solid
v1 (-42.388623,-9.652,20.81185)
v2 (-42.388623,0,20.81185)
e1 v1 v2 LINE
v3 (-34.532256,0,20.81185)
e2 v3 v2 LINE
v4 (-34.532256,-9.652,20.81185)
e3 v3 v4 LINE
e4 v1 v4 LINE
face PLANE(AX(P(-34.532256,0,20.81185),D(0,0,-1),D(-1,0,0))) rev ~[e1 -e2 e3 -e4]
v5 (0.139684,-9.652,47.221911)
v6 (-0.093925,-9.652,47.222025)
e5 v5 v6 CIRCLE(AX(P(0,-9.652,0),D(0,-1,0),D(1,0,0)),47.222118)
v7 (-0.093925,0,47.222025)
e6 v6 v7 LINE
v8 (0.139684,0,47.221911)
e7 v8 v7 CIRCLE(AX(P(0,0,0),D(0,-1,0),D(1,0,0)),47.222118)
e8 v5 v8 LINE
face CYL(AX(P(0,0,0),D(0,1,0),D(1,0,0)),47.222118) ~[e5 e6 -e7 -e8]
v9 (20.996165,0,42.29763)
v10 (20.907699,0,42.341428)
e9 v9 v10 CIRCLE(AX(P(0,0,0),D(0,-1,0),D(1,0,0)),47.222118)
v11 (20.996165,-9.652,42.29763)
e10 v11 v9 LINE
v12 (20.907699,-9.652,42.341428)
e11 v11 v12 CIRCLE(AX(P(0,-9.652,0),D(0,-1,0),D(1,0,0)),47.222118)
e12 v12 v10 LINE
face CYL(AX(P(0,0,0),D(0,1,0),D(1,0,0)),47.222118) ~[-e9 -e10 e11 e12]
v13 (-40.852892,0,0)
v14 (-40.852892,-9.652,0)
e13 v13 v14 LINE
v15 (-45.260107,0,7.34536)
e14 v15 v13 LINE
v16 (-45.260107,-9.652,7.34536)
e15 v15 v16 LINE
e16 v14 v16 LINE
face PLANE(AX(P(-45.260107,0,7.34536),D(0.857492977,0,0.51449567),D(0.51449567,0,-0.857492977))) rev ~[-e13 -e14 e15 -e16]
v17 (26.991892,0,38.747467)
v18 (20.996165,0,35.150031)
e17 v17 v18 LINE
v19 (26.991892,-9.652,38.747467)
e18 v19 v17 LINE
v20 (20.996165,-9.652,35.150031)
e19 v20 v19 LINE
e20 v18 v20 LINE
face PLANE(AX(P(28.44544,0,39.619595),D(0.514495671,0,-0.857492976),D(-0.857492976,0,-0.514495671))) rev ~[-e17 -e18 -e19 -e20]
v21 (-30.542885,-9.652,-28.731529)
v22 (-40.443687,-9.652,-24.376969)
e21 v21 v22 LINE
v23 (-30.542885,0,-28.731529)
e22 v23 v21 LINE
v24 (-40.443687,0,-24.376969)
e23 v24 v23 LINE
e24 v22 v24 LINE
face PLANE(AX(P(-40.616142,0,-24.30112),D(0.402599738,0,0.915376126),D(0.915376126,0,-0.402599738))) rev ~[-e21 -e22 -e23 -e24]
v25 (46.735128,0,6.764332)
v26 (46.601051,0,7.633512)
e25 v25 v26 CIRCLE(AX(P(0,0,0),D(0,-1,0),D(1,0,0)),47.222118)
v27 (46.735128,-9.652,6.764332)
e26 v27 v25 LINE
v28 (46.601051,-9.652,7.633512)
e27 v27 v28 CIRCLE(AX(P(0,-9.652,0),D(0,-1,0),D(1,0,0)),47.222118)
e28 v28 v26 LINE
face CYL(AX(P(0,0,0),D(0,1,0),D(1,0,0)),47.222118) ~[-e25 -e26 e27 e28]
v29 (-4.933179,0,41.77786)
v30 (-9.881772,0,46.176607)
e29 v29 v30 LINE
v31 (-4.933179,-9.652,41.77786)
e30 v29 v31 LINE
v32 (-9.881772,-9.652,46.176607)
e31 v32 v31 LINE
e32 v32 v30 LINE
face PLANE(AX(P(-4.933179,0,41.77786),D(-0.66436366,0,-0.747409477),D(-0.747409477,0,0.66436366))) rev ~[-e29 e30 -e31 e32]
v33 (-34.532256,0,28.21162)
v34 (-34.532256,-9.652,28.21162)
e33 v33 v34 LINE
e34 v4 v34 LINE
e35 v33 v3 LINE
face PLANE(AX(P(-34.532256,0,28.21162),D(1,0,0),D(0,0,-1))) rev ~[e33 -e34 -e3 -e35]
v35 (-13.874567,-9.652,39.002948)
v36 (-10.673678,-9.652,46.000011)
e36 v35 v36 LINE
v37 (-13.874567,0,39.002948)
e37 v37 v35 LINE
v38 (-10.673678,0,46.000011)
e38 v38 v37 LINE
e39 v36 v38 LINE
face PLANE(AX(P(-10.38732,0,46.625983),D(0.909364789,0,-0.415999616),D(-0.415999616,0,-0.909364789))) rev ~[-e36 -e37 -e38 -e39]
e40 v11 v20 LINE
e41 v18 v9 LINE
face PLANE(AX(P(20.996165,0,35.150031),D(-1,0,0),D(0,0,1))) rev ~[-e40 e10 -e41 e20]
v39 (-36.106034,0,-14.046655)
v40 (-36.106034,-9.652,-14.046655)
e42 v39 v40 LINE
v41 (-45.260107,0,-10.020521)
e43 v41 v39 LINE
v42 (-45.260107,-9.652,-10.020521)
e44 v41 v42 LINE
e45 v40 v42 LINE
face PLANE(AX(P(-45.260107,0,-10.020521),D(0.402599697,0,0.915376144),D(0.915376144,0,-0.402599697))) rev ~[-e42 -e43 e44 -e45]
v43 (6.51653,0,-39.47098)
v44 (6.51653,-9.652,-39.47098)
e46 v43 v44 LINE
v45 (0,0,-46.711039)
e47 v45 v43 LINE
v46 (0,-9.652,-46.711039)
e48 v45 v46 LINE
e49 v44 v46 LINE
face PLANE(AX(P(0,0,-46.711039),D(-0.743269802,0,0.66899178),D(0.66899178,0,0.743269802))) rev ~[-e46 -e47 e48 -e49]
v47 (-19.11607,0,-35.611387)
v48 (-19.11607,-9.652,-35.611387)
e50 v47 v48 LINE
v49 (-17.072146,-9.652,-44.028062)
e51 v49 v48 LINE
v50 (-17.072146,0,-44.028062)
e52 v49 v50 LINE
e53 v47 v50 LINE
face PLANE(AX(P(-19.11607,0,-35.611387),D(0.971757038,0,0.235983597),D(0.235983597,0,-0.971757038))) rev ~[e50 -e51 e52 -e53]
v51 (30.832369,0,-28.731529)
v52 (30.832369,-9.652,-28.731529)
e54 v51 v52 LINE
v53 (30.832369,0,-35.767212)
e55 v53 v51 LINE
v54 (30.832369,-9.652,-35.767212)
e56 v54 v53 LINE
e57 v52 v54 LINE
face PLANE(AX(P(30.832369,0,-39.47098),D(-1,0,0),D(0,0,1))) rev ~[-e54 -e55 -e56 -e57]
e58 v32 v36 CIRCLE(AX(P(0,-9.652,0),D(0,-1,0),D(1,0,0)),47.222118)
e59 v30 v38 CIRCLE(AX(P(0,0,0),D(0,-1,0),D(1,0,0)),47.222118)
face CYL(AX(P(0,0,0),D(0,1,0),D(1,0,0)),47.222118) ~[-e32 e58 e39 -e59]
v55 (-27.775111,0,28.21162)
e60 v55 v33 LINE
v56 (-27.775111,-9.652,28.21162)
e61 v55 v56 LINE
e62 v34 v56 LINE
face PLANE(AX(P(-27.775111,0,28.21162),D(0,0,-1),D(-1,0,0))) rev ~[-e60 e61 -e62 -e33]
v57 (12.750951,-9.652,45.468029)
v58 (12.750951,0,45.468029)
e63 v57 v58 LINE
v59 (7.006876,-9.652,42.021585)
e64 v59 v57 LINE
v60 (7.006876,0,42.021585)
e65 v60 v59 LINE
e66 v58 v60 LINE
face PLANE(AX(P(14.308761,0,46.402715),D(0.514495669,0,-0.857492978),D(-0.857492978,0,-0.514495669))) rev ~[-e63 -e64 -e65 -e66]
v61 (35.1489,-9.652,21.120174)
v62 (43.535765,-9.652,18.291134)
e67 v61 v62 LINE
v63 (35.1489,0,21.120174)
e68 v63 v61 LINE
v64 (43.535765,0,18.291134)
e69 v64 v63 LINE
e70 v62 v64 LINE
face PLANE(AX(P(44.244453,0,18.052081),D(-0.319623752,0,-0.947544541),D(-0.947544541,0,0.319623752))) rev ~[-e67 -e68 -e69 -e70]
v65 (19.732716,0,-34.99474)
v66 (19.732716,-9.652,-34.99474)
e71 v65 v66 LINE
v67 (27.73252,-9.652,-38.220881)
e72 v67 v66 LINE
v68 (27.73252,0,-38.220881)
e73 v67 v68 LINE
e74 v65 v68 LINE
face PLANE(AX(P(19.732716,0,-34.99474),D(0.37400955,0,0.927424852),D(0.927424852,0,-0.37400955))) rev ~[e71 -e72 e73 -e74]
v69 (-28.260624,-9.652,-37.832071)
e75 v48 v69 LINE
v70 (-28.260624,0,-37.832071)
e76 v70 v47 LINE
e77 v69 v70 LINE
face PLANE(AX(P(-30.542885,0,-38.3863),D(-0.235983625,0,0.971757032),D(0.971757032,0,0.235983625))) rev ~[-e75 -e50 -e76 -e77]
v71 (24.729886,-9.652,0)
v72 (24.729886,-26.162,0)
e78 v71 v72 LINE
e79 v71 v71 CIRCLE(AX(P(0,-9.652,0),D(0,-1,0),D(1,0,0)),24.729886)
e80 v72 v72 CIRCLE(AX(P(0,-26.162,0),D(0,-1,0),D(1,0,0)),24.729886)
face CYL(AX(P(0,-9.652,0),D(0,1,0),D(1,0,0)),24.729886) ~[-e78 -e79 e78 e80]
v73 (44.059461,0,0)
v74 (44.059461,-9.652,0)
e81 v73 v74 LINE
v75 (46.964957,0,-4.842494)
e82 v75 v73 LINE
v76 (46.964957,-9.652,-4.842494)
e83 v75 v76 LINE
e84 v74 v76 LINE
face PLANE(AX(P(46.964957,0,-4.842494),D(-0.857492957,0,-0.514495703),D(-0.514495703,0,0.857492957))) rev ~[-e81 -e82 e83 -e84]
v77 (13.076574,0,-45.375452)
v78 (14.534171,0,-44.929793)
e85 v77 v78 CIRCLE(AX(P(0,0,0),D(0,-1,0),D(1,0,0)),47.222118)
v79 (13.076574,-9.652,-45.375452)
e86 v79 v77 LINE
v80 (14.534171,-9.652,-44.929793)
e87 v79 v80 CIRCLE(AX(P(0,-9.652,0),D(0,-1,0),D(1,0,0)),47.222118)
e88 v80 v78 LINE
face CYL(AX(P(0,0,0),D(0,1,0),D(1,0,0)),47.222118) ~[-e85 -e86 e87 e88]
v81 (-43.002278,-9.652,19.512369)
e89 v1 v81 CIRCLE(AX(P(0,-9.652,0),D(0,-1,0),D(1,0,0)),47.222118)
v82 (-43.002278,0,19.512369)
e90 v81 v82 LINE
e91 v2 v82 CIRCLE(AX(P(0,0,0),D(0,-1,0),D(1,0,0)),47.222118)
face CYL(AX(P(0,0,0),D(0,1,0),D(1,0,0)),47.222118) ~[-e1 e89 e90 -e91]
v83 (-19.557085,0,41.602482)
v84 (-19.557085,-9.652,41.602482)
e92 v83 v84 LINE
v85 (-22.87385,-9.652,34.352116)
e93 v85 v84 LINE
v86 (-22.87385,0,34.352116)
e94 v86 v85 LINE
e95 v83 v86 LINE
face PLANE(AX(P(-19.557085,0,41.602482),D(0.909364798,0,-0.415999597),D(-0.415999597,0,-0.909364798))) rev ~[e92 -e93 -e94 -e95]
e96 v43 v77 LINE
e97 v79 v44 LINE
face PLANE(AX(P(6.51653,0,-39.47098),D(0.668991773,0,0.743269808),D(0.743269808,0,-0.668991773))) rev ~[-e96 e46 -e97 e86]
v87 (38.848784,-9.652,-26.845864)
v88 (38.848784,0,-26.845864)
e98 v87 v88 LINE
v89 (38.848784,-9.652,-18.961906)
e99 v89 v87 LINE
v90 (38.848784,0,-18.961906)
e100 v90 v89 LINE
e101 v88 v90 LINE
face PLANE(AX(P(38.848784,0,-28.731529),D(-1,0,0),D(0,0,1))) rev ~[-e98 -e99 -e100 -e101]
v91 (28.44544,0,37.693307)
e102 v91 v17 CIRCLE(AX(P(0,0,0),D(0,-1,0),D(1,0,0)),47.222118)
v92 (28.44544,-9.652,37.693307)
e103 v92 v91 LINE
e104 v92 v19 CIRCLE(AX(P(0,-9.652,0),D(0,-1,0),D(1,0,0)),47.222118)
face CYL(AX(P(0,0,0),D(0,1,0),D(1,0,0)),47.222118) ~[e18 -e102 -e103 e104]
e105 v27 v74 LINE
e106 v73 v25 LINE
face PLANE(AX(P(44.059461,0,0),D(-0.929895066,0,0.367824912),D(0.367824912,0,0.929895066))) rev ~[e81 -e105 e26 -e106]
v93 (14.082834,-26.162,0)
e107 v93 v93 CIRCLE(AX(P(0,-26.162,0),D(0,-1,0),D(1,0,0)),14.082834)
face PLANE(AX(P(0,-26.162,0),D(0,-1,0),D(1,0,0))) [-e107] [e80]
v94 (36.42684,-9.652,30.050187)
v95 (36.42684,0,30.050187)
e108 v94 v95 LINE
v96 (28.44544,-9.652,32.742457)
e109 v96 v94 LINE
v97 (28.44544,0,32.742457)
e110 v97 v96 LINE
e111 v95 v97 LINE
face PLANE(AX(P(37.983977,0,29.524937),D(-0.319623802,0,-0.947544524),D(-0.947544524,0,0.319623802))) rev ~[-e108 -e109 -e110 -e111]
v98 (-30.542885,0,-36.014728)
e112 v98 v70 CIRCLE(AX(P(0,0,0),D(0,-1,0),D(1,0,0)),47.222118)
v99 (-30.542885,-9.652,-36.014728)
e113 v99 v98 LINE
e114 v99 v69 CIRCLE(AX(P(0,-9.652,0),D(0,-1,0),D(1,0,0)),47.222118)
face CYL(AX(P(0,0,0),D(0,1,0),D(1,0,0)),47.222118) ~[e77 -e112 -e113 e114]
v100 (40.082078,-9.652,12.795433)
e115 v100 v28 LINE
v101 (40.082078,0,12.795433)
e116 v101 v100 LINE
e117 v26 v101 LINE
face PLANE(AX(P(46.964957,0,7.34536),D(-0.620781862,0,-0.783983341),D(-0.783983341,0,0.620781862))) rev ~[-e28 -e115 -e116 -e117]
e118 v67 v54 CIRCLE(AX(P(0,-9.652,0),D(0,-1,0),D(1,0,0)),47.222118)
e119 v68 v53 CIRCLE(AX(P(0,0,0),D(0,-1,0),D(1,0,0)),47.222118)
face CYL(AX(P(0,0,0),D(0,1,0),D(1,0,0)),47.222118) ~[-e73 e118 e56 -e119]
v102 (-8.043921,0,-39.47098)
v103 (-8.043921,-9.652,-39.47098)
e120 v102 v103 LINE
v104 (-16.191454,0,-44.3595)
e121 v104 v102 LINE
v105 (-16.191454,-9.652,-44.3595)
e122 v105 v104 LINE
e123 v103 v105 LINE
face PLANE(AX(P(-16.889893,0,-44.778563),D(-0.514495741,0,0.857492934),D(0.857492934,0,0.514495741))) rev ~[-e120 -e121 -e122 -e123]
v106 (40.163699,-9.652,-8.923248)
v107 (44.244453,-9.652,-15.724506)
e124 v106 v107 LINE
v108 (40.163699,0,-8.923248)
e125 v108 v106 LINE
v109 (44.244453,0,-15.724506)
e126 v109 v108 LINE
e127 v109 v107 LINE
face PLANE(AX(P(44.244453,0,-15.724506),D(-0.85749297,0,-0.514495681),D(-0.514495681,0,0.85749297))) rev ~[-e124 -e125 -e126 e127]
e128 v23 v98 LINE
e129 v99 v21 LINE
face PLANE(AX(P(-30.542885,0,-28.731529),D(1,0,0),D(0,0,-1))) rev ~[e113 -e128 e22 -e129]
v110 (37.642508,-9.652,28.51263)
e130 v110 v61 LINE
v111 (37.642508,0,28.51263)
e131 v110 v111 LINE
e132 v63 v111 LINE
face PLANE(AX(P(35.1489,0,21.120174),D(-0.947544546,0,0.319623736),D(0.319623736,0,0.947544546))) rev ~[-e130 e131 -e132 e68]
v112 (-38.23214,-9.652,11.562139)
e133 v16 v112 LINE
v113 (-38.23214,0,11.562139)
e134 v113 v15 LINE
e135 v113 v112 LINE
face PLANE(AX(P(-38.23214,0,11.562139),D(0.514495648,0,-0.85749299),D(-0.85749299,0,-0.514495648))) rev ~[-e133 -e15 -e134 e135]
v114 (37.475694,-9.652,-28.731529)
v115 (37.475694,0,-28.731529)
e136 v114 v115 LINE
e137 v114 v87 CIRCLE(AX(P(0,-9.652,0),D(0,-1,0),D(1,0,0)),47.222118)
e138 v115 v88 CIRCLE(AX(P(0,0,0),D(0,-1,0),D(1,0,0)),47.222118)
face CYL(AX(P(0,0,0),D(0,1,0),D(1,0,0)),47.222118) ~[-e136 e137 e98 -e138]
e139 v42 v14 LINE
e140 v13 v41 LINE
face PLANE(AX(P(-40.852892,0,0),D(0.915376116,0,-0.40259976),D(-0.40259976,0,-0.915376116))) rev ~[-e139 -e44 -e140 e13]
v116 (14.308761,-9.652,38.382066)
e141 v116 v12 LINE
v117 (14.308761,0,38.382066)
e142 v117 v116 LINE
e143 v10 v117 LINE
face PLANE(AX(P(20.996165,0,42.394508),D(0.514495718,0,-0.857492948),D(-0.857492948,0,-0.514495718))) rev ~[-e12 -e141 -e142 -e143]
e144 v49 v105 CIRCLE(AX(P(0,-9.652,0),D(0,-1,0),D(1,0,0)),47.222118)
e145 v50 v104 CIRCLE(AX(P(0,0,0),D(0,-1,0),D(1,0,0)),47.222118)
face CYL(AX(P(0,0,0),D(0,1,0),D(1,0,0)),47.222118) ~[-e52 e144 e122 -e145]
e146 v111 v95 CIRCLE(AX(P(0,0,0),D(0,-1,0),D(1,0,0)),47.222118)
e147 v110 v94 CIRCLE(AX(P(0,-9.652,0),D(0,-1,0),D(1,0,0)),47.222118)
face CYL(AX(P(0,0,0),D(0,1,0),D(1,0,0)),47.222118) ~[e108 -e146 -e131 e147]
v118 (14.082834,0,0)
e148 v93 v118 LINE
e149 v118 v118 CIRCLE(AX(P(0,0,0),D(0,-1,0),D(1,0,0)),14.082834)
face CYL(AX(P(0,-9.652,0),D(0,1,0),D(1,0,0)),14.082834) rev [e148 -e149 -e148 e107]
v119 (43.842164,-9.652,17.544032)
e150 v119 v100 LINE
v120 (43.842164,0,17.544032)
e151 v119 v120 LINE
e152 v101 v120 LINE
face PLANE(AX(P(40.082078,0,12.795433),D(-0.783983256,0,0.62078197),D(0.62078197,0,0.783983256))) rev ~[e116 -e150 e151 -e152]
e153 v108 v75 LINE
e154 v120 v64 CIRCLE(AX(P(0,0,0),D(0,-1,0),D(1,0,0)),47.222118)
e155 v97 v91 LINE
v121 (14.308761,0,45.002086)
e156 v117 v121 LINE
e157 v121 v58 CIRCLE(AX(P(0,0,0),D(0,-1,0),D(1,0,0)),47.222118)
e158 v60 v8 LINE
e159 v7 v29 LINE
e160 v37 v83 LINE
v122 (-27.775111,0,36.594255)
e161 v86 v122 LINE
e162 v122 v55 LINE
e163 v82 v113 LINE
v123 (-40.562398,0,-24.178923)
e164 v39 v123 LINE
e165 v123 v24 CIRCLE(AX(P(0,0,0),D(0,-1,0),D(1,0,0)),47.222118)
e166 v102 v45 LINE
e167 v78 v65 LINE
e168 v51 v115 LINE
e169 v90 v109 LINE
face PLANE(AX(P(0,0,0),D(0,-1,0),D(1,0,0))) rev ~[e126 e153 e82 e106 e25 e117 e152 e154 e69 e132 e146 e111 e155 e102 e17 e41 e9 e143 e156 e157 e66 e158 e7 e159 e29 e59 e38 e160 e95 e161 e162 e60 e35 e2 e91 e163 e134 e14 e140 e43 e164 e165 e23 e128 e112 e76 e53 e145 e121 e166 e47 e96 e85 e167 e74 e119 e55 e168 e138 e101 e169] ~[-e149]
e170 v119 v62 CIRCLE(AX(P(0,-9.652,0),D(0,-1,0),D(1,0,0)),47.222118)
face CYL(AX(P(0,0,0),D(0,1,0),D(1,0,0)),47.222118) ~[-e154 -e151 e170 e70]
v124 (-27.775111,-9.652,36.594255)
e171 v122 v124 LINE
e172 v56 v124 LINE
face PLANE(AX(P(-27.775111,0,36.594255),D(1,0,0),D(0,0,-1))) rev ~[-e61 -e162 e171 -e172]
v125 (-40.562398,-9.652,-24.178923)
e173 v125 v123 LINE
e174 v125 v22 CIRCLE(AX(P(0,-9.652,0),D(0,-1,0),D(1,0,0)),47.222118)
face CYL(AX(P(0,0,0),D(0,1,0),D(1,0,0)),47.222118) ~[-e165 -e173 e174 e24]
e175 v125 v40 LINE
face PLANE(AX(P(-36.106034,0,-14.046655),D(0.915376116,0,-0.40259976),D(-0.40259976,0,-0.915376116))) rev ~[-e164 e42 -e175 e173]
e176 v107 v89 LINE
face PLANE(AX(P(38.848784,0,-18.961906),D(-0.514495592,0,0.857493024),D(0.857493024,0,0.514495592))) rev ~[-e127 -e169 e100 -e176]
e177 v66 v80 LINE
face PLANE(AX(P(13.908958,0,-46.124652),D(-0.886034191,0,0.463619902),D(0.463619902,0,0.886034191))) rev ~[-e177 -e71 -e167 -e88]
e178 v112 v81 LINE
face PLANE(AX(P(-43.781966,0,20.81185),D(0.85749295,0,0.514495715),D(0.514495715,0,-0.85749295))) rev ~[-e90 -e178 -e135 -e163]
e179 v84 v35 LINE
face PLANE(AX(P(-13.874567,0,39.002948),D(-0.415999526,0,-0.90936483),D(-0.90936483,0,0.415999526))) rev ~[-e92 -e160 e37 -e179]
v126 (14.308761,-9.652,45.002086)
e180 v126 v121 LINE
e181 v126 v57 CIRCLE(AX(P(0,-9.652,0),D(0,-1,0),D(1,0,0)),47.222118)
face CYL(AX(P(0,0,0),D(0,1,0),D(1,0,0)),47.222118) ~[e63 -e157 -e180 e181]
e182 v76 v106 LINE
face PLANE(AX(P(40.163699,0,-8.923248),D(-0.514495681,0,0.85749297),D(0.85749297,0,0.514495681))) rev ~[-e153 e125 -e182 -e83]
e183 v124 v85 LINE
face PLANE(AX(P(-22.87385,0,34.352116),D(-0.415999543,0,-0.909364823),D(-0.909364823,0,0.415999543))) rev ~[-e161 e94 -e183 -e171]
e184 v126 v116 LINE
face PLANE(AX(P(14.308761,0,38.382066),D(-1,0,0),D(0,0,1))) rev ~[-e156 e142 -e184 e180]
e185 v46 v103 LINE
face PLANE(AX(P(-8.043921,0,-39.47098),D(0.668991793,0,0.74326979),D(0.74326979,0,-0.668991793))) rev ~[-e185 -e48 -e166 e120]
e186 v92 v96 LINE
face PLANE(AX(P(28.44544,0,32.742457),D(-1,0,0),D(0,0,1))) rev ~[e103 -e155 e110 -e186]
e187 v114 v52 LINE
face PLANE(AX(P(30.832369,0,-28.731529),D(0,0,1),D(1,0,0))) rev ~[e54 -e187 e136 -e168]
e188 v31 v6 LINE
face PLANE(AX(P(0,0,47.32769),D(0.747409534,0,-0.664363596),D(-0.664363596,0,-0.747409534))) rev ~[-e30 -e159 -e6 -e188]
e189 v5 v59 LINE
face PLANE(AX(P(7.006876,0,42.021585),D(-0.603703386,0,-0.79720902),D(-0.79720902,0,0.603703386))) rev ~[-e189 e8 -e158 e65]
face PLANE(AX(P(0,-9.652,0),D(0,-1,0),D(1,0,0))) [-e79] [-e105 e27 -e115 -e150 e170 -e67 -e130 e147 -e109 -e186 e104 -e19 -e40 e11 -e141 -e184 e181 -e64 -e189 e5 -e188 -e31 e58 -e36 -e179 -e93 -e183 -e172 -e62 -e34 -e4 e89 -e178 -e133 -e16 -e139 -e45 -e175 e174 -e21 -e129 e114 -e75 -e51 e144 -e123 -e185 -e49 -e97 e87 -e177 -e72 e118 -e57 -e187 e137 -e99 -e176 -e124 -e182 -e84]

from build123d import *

# Parameters (mm, degrees)
F0_R     = 47.222118
F0_R_2   = 26.321979
F0_R_3   = 14.082834
F1_DEPTH = 9.652
F2_R     = 24.729886
F2_R_2   = 14.082834
F3_DEPTH = 16.51
F5_DEPTH = 58.166


with BuildPart() as f1:
    # F0 (on Front) → F1 (new body)
    with BuildSketch(Plane.XZ):
        Circle(F0_R)
        Circle(F0_R_2, mode=Mode.SUBTRACT)
        Circle(F0_R_2)
        Circle(F0_R_3, mode=Mode.SUBTRACT)
    extrude(amount=F1_DEPTH)

    # F2 (on face) → F3 (join)
    with BuildSketch(Plane.XZ.offset(9.652)):
        Circle(F2_R)
        Circle(F2_R_2, mode=Mode.SUBTRACT)
    extrude(amount=F3_DEPTH)

    # F4 (on Front) → F5 (intersect)
    with BuildSketch(Plane.XZ):
        Polygon((7.006876, 42.021585), (0, 47.32769), (-4.933179, 41.77786), (-10.38732, 46.625983), (-13.874567, 39.002948), (-19.557085, 41.602482), (-22.87385, 34.352116), (-27.775111, 36.594255), (-27.775111, 28.21162), (-34.532256, 28.21162), (-34.532256, 20.81185), (-43.781966, 20.81185), (-38.23214, 11.562139), (-45.260107, 7.34536), (-40.852892, 0), (-45.260107, -10.020521), (-36.106034, -14.046655), (-40.616142, -24.30112), (-30.542885, -28.731529), (-30.542885, -38.3863), (-19.11607, -35.611387), (-16.889893, -44.778563), (-8.043921, -39.47098), (0, -46.711039), (6.51653, -39.47098), (13.908958, -46.124652), (19.732716, -34.99474), (30.832369, -39.47098), (30.832369, -28.731529), (38.848784, -28.731529), (38.848784, -18.961906), (44.244453, -15.724506), (40.163699, -8.923248), (46.964957, -4.842494), (44.059461, 0), (46.964957, 7.34536), (40.082078, 12.795433), (44.244453, 18.052081), (35.1489, 21.120174), (37.983977, 29.524937), (28.44544, 32.742457), (28.44544, 39.619595), (20.996165, 35.150031), (20.996165, 42.394508), (14.308761, 38.382066), (14.308761, 46.402715), align=None)
    extrude(amount=F5_DEPTH, mode=Mode.INTERSECT)


solid = f1.part
